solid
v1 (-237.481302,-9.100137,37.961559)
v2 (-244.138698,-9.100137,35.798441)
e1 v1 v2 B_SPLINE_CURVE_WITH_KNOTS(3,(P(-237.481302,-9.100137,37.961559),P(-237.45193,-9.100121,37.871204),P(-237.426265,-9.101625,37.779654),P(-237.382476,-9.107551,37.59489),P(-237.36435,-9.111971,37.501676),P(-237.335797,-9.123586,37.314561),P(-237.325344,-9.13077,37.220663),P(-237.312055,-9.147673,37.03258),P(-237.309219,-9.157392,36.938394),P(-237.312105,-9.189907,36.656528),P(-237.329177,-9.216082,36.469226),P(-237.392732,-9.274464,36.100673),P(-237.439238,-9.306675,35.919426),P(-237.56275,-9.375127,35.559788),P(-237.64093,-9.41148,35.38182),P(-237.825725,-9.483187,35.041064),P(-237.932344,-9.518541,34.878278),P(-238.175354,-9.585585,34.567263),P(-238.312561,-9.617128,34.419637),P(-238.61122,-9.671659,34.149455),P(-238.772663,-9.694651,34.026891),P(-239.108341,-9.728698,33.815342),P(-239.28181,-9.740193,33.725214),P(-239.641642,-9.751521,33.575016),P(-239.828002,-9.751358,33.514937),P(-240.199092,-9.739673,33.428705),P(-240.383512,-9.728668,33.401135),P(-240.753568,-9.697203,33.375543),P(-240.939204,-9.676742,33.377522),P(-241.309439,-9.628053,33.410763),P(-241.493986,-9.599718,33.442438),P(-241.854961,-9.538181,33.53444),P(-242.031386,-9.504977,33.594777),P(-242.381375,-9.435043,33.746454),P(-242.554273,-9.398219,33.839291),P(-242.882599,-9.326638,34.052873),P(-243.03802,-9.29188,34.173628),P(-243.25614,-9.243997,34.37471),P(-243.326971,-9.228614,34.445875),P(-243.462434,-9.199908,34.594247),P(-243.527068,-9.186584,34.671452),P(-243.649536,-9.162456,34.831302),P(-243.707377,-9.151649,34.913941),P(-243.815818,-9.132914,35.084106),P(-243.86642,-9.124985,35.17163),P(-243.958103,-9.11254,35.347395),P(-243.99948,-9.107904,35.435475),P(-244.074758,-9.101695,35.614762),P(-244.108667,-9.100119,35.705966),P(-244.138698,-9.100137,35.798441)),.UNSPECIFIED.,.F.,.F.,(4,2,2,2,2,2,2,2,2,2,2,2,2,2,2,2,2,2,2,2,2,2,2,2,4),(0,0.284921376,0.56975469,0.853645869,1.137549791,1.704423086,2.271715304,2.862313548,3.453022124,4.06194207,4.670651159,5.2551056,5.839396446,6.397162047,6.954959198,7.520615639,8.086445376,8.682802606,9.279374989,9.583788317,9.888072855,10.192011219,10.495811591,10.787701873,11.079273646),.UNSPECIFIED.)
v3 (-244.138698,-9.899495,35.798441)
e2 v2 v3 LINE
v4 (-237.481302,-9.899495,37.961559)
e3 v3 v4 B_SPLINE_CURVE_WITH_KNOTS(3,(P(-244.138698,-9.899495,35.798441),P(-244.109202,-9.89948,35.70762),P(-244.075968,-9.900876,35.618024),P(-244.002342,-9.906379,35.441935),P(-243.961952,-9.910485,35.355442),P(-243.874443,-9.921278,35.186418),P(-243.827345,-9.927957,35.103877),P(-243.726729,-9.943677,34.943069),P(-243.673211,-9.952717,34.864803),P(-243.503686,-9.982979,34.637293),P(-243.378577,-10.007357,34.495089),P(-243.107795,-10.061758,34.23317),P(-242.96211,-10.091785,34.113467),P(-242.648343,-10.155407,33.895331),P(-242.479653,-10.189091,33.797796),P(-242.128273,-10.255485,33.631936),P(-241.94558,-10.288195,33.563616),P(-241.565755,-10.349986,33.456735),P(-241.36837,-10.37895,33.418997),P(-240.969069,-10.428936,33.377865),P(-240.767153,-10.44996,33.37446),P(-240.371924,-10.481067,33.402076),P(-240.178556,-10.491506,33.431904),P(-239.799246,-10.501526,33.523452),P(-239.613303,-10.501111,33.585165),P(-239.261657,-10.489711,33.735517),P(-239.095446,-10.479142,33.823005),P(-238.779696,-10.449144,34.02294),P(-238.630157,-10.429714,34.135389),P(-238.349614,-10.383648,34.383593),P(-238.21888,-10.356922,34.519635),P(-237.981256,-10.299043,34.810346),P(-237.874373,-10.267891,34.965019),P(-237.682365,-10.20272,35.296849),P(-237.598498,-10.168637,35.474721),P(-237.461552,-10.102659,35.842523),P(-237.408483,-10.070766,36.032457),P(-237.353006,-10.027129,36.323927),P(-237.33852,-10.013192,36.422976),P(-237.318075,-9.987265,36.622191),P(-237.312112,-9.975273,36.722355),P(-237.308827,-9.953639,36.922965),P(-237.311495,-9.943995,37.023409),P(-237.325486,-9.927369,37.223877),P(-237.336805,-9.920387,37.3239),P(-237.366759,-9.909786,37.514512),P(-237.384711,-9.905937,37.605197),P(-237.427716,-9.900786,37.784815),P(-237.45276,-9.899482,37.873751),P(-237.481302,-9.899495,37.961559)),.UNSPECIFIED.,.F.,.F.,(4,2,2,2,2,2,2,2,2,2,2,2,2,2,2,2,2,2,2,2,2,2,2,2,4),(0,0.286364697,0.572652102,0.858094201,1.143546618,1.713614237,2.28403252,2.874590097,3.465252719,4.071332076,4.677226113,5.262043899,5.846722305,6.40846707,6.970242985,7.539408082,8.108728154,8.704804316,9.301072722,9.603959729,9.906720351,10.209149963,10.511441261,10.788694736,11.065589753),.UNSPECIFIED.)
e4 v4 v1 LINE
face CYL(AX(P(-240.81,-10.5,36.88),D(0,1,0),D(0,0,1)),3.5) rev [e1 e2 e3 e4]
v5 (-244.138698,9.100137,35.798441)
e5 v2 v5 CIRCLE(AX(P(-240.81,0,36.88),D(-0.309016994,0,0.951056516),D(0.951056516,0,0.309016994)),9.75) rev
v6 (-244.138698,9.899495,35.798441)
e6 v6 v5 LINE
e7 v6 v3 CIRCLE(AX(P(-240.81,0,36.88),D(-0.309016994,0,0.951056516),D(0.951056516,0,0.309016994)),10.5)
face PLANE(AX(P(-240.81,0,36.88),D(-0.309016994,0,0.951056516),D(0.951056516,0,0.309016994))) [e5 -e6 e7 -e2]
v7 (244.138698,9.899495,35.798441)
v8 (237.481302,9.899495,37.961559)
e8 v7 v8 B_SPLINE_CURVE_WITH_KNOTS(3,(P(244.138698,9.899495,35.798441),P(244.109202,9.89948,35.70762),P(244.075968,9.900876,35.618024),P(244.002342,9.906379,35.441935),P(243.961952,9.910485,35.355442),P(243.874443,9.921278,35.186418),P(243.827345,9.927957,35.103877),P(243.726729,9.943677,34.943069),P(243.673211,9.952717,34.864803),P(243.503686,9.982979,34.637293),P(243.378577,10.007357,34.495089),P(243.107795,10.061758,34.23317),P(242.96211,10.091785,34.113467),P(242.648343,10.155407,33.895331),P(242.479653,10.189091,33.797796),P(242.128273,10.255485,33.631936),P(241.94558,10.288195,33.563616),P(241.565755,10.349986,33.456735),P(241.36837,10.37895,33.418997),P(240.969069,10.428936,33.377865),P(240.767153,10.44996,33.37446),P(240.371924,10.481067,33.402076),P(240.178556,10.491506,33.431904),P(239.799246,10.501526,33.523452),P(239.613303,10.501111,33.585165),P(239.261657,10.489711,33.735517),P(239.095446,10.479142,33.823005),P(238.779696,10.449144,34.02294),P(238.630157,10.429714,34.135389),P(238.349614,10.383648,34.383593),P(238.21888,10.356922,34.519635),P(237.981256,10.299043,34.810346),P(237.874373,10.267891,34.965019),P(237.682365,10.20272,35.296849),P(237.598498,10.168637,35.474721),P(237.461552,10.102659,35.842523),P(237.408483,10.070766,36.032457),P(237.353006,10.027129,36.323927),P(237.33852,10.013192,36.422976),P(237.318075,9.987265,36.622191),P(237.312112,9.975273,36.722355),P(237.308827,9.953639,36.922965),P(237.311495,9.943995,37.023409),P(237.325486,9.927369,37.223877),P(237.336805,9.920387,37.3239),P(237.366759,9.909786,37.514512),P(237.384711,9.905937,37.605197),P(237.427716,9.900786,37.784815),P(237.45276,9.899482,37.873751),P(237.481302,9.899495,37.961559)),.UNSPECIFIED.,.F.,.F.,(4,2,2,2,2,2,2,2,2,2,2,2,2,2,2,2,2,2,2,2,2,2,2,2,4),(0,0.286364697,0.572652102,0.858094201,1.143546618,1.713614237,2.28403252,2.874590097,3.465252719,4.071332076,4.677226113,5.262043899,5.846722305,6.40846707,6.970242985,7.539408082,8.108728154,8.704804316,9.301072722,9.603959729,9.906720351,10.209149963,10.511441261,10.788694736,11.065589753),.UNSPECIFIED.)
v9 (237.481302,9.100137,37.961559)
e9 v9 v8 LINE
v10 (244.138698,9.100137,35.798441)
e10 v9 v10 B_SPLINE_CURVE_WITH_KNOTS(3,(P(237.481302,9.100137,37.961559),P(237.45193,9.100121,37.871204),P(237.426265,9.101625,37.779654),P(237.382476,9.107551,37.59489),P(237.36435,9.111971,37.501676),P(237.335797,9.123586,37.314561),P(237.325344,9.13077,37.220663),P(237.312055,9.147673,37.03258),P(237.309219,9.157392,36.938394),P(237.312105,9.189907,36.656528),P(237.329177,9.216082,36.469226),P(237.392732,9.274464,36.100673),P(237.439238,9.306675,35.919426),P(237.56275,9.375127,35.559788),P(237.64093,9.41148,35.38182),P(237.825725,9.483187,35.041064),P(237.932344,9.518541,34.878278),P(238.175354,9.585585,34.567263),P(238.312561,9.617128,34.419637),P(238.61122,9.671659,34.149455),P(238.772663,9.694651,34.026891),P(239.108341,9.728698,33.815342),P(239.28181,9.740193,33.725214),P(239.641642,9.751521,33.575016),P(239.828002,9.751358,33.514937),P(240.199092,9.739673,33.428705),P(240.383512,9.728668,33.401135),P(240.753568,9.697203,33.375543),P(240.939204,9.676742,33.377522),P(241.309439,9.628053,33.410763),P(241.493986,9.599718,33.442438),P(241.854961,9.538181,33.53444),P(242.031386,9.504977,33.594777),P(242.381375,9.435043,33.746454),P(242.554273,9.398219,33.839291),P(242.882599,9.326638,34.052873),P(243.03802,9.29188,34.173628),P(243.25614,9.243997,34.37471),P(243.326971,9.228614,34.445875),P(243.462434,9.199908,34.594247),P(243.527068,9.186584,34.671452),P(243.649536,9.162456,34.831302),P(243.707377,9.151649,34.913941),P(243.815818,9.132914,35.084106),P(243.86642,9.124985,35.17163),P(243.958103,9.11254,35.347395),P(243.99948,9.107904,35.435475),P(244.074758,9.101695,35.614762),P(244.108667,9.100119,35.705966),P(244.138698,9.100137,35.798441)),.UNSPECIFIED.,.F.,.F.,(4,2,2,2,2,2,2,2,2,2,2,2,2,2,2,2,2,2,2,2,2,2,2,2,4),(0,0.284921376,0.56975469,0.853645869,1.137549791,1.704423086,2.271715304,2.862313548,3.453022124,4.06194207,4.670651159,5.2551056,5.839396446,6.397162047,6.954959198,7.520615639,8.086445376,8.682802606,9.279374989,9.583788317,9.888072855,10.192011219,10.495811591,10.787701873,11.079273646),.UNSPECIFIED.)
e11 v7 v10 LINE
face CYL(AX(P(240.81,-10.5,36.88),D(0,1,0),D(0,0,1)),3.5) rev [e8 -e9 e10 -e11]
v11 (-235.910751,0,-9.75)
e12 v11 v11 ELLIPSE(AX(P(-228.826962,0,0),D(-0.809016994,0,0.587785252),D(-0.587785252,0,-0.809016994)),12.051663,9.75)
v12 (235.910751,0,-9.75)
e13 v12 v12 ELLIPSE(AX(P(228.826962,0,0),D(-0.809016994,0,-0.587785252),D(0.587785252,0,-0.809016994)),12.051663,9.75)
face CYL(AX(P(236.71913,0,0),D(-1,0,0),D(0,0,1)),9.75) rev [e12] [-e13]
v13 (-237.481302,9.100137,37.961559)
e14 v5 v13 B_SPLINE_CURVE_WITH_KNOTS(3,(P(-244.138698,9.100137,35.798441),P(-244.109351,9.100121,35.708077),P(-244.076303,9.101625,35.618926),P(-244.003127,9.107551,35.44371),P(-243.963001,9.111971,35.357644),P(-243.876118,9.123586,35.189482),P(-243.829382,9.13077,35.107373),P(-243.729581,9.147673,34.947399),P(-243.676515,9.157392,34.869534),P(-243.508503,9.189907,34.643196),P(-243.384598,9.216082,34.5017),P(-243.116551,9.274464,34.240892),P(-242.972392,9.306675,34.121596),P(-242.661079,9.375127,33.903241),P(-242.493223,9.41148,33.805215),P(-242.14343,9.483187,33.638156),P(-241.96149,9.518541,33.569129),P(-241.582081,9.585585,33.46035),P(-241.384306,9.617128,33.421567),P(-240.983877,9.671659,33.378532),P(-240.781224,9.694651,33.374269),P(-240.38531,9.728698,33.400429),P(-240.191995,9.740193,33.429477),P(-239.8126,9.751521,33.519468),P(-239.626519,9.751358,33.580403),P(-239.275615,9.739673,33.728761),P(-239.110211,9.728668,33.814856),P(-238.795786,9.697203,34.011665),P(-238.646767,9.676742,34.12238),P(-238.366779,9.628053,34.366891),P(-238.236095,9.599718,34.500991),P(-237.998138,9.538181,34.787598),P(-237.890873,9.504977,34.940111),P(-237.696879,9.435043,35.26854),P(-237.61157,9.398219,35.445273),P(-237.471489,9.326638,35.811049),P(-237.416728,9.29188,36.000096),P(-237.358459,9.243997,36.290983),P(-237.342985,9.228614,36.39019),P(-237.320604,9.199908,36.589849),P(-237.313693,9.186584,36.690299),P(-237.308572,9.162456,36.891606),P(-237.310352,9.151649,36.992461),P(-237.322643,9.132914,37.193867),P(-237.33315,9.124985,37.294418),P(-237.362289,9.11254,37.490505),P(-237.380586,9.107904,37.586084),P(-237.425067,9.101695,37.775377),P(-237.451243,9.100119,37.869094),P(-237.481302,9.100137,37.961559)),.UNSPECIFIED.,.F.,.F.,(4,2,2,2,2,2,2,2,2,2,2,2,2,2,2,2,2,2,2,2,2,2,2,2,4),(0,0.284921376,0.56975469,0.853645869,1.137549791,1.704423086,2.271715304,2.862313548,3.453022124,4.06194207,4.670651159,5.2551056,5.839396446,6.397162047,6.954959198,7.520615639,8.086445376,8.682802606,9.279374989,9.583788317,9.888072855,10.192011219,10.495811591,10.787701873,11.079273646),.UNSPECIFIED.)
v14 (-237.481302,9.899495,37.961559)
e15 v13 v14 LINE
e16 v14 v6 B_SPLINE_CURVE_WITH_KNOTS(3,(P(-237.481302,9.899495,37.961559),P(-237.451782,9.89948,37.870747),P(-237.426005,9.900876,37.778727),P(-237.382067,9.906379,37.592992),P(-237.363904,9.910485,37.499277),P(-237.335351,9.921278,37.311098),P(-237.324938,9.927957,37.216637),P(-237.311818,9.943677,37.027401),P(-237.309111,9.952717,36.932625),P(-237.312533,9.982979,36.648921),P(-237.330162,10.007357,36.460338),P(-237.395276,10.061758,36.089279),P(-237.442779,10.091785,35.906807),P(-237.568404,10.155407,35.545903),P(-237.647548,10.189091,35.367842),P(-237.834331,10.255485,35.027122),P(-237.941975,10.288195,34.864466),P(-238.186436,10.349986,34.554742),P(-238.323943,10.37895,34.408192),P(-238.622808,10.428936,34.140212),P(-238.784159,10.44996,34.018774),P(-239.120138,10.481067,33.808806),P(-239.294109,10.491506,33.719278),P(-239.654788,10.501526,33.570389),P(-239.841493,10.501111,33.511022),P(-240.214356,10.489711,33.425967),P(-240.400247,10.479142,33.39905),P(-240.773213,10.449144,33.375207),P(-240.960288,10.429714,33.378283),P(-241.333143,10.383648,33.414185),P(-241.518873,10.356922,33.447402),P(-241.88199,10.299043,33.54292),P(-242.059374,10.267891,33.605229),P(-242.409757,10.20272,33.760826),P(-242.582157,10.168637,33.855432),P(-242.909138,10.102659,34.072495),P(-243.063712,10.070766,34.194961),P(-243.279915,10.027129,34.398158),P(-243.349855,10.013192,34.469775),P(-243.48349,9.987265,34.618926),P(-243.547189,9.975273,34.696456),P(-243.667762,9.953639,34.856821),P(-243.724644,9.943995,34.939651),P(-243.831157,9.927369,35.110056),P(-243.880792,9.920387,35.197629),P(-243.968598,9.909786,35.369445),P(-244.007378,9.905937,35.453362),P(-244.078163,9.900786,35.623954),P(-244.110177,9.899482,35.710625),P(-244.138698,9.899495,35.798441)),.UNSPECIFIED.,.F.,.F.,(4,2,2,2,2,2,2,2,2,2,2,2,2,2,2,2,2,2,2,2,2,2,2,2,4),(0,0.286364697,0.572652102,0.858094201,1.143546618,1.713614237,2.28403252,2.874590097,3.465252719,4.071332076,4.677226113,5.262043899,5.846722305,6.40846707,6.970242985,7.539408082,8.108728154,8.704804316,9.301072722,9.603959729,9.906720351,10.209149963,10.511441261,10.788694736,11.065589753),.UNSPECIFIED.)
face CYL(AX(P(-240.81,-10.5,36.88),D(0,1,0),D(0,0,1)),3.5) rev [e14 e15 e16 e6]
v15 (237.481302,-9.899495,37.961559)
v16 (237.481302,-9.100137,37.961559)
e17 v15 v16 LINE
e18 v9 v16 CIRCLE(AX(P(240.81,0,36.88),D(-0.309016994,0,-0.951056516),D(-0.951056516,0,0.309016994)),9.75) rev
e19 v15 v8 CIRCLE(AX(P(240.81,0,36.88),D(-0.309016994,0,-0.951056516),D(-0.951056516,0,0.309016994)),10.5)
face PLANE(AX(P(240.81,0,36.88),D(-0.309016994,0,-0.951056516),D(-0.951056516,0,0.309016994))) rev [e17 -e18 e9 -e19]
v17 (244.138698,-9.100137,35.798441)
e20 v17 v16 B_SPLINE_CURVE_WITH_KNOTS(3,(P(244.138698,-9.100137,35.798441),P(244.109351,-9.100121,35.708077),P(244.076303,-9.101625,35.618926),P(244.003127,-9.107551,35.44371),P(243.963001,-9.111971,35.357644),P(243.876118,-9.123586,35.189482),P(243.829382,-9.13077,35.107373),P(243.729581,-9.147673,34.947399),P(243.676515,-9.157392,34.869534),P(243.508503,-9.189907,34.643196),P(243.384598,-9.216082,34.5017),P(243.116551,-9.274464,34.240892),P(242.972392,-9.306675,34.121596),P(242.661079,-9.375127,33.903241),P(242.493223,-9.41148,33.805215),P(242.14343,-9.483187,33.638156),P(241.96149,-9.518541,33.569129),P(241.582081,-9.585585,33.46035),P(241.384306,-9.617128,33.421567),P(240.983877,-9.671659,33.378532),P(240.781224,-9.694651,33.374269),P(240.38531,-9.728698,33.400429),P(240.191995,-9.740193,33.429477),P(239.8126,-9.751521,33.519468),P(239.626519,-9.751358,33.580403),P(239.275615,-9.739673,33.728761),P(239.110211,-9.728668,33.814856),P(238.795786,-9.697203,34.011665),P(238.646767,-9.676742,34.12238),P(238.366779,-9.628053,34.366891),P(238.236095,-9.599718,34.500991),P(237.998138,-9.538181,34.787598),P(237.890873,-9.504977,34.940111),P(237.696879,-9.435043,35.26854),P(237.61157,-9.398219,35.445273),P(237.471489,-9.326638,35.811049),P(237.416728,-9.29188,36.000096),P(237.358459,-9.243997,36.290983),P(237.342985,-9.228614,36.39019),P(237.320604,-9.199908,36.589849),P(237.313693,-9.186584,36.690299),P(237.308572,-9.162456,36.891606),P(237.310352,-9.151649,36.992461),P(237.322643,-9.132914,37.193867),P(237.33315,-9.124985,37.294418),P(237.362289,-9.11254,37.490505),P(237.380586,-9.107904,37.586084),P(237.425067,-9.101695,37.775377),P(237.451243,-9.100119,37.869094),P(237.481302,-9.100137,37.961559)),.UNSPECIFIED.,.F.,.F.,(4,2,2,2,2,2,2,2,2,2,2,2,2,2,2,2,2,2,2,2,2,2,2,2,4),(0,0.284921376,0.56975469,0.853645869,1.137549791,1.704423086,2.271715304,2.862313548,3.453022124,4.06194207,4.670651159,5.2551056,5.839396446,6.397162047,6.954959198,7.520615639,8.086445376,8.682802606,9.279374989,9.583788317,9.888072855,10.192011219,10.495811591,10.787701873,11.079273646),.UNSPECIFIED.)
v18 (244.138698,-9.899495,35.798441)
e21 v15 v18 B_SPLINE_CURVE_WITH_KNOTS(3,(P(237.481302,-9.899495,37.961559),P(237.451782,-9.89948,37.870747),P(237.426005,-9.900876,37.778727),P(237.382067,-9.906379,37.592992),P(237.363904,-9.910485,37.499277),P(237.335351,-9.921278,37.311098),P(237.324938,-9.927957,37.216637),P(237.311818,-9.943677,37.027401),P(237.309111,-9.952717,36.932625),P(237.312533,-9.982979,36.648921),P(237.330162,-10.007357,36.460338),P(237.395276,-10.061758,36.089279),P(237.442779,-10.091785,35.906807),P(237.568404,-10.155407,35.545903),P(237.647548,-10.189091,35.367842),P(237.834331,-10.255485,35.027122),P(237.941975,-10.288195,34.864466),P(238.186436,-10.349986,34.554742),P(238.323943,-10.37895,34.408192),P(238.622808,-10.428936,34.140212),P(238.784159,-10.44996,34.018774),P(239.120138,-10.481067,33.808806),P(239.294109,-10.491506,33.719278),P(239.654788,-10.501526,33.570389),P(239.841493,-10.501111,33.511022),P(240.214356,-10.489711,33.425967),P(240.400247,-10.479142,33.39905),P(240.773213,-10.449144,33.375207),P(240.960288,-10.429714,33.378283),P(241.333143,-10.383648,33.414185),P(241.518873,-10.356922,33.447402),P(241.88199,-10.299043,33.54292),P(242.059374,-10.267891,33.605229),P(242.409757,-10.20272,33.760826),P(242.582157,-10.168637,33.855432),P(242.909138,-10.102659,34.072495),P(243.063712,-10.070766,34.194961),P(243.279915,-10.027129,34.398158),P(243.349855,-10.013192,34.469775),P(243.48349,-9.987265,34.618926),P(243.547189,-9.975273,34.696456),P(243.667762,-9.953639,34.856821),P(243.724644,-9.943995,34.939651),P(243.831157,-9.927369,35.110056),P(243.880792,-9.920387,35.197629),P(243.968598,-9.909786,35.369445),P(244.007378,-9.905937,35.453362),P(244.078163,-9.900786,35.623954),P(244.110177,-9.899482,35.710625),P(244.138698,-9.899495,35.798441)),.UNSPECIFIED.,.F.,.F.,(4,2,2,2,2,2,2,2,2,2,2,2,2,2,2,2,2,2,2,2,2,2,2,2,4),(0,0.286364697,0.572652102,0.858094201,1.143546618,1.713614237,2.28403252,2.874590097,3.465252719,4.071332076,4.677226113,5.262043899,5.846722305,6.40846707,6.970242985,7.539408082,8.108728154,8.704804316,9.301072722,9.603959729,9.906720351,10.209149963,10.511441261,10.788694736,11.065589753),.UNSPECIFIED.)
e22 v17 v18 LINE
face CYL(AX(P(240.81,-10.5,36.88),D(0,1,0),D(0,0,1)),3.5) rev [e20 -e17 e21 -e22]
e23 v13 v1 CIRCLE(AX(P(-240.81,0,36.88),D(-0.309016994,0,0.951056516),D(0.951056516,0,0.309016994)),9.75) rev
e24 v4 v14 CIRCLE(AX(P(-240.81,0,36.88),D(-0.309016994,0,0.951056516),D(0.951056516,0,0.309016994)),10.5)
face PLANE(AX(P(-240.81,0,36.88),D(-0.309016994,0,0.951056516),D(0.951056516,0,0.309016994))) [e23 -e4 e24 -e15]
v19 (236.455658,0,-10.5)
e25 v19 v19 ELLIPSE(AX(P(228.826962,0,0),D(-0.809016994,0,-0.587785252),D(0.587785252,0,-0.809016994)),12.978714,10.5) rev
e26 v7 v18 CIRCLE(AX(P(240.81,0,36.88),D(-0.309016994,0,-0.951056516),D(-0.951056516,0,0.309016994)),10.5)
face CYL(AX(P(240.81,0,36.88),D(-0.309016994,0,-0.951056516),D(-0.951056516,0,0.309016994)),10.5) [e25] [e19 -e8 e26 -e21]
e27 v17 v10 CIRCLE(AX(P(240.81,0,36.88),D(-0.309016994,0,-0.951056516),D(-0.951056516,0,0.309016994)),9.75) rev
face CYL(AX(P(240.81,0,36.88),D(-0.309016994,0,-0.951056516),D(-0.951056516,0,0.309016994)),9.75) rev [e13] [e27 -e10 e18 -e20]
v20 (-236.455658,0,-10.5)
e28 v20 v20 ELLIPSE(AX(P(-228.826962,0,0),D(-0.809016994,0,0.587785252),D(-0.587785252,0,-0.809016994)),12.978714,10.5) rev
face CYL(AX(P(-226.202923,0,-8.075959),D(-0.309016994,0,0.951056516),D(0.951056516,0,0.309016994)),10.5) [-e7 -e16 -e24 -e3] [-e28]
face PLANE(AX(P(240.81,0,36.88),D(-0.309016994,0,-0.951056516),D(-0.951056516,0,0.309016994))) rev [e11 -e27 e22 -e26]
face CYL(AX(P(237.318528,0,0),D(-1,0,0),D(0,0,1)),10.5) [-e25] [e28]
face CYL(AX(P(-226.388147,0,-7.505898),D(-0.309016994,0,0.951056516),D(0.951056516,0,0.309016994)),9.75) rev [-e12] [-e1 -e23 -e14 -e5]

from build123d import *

# Parameters (mm, degrees)
SKETCH2_R               = 10.5
SKETCH2_R_2             = 9.75
CUT_EXTRUDE1_DEPTH      = 255.202518271
CUT_EXTRUDE1_DEPTH_BACK = 255.202518271
SKETCH3_R               = 3.5


with BuildPart() as part:
    # Sweep1: sweep along a path in Sketch1
    with BuildLine(Plane(origin=(0, 0, 0), x_dir=(1, 0, 0), z_dir=(0, 1, 0))) as sweep1_path:
        Line((-240.81, -36.88), (-228.826961603, 0))
        Line((-228.826961603, 0), (228.826961603, 0))
        Line((228.826961603, 0), (240.81, -36.88))
    # Sketch2 → Sweep1 (sweep)
    with BuildSketch(Plane(origin=(-240.81, 0, 36.88), x_dir=(0.9510565162951523, 0, 0.3090169943749515), z_dir=(-0.3090169943749515, 0, 0.9510565162951523))):
        Circle(SKETCH2_R)
        Circle(SKETCH2_R_2, mode=Mode.SUBTRACT)
    sweep(path=sweep1_path.line, transition=Transition.RIGHT)

    # Sketch3 → Cut-Extrude1 (cut, two sides: drawn at the far end of the back side and taken through both)
    with BuildSketch(Plane(origin=(0, 0, 0), x_dir=(1, 0, 0), z_dir=(0, 1, 0)).offset(-CUT_EXTRUDE1_DEPTH_BACK)):
        with Locations((240.81, -36.88)):
            Circle(SKETCH3_R)
        with Locations((-240.81, -36.88)):
            Circle(SKETCH3_R)
    extrude(amount=CUT_EXTRUDE1_DEPTH + CUT_EXTRUDE1_DEPTH_BACK, mode=Mode.SUBTRACT)


solid = part.part
